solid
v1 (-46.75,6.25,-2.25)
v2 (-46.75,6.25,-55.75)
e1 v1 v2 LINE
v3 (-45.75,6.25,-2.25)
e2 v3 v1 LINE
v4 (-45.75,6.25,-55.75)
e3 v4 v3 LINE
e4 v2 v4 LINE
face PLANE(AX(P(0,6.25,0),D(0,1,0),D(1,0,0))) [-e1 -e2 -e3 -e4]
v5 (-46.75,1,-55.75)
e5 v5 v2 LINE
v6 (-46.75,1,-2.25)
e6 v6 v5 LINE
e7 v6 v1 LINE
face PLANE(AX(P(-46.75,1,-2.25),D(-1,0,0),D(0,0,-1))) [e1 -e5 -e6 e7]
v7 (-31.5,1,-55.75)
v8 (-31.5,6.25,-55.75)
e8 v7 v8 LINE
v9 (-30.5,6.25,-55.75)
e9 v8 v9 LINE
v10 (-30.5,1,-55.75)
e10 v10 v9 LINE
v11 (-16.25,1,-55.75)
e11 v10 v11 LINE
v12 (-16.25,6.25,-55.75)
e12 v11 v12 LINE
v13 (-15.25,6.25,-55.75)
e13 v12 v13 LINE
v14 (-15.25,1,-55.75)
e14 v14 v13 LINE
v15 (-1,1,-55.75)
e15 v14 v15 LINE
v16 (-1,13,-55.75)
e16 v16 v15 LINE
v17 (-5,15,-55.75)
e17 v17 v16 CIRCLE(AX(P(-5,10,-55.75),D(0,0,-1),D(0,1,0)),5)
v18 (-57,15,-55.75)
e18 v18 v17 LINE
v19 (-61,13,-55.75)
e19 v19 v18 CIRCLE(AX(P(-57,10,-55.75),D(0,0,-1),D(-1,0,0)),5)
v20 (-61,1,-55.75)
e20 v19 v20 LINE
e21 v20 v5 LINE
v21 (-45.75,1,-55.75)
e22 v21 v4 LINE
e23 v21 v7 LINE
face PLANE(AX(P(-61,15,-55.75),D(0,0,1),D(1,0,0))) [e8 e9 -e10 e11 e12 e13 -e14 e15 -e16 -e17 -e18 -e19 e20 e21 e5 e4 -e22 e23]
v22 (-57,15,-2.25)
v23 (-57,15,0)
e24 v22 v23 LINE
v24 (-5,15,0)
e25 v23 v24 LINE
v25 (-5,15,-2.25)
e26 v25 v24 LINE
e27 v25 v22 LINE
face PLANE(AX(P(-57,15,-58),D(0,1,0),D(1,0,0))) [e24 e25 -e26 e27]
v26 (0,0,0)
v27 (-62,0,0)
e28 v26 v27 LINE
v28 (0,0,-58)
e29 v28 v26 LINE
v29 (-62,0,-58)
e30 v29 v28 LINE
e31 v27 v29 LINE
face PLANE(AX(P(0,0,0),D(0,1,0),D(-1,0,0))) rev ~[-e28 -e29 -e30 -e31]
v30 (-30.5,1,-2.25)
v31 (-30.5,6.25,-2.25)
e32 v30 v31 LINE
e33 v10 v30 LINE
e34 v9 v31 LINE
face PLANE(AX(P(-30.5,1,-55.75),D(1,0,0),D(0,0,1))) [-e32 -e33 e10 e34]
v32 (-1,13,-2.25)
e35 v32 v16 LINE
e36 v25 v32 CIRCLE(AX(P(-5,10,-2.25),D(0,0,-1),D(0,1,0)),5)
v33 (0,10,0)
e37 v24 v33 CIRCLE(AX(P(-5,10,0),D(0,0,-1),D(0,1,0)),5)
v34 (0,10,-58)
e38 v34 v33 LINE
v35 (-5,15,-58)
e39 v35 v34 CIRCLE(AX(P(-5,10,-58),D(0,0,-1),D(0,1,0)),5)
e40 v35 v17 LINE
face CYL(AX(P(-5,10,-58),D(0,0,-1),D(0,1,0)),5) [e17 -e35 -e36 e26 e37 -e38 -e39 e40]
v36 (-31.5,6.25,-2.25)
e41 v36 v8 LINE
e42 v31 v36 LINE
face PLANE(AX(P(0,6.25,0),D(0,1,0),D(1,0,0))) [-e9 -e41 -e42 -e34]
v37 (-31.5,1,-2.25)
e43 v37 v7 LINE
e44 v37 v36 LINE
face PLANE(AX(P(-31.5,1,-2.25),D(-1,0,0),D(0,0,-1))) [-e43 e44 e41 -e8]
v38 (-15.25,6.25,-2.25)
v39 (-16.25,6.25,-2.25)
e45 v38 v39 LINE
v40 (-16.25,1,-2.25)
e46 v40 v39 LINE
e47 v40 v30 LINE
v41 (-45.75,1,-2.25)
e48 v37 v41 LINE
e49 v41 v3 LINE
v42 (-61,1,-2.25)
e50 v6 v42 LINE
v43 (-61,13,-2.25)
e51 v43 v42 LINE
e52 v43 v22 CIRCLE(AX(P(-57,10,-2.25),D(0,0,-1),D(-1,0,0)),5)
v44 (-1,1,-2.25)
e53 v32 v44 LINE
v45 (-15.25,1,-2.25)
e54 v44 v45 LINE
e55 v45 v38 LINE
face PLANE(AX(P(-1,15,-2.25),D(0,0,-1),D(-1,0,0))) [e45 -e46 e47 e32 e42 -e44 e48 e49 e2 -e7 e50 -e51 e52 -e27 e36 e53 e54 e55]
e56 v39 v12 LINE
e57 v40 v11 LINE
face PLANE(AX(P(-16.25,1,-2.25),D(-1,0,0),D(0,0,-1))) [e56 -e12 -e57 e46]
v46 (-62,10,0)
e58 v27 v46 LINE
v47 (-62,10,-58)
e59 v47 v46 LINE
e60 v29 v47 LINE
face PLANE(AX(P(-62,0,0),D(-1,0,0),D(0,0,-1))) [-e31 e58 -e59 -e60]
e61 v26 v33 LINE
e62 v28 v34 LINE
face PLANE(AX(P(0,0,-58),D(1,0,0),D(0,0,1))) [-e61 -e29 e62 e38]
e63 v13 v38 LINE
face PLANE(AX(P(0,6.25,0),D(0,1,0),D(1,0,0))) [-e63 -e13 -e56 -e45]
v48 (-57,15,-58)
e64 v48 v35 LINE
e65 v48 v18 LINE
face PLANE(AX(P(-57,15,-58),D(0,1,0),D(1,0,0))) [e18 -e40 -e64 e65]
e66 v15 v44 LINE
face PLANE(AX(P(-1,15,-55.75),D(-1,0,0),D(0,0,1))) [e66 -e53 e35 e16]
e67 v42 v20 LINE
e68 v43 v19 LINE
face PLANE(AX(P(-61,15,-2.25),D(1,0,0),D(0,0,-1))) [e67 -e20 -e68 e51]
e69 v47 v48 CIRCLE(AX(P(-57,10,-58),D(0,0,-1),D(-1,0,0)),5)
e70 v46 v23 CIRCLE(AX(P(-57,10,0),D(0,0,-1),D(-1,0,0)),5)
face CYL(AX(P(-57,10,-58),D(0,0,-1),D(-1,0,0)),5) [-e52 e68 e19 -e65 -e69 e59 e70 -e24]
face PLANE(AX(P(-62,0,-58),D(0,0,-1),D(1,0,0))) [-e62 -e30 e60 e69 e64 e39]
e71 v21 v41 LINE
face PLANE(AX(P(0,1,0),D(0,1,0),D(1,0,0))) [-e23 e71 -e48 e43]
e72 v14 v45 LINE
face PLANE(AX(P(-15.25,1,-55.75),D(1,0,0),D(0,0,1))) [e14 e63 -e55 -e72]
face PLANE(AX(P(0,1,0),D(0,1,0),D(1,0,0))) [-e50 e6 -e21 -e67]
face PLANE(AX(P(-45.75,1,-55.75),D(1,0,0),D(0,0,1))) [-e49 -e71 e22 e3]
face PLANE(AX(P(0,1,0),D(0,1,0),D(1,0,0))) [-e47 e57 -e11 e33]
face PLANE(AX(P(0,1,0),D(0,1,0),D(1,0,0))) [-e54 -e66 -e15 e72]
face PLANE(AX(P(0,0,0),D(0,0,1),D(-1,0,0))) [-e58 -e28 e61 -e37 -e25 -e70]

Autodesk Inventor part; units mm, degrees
ref_plane "YZ Plane" through (0, 0, 0) normal (1, 0, 0) x (0, 1, 0)
ref_plane "XZ Plane" through (0, 0, 0) normal (0, 1, 0) x (-1, 0, 0)
ref_plane "XY Plane" through (0, 0, 0) normal (0, 0, 1) x (1, 0, 0)
sketch "Sketch1" plane through (0, 0, 0) normal (0, 1, 0) x (-1, 0, 0)
  line L0 (0, 0) -> (62, 0)
  line L1 (62, 0) -> (62, -58)
  line L2 (62, -58) -> (0, -58)
  line L3 (0, -58) -> (0, 0)
  dimension "d0" = 62
  dimension "d1" = 58
extrude "Extrusion1" add sketch "Sketch1" along normal blind 15
sketch "Sketch2" plane through (0, 0, -58) normal (0, 0, -1) x (-1, 0, 0)
  line L0 (62, 0) -> (0, 0) projected
  line L1 (0, 0) -> (62, 0)
  line L2 (62, 0) -> (62, 10)
  line L3 (57, 15) -> (5, 15)
  line L4 (0, 10) -> (0, 0)
  arc A0 (5, 15) -> (0, 10) centre (5, 10) ccw
  arc A1 (62, 10) -> (57, 15) centre (57, 10) ccw
  line L5 (0, 10) -> (-2.4331, 10)
  line L6 (-2.4331, 10) -> (-2.4331, 19.594)
  line L7 (-2.4331, 19.594) -> (72.365, 19.594)
  line L8 (72.365, 19.594) -> (72.365, 10)
  line L9 (72.365, 10) -> (62, 10)
  point P0 (62, 15)
  dimension "d4" = 5
extrude "Extrusion2" cut sketch "Sketch2" against normal up to surface (58 mm away) contours A1 L3 A0 L5 L6 L7 L8 L9
sketch "Sketch3" plane through (0, 15, 0) normal (0, 1, 0) x (1, 0, 0)
  line L0 (-1, 2.25) -> (-61, 2.25)
  line L1 (-61, 2.25) -> (-61, 55.75)
  line L2 (-61, 55.75) -> (-1, 55.75)
  line L3 (-1, 55.75) -> (-1, 2.25)
  line L4 (-57, 0) -> (-5, 0) projected
  line L5 (-5, 58) -> (-57, 58) projected
  line L6 (-62, 0) -> (-62, 58) projected
  line L7 (0, 58) -> (0, 0) projected
  dimension "d7" = 2.25
  dimension "d8" = 2.25
  dimension "d9" = 1
  dimension "d10" = 1
extrude "Extrusion3" cut sketch "Sketch3" against normal blind 14
sketch "Sketch4" plane through (0, 1, 0) normal (0, 1, 0) x (1, 0, 0)
  line L0 (-5, 2.25) -> (-57, 2.25) projected
  line L1 (-57, 55.75) -> (-5, 55.75) projected
  line L2 (-15.25, 2.25) -> (-16.25, 2.25)
  line L3 (-16.25, 2.25) -> (-16.25, 55.75)
  line L4 (-16.25, 55.75) -> (-15.25, 55.75)
  line L5 (-15.25, 55.75) -> (-15.25, 2.25)
  line L6 (-30.5, 2.25) -> (-31.5, 2.25)
  line L7 (-31.5, 2.25) -> (-31.5, 55.75)
  line L8 (-31.5, 55.75) -> (-30.5, 55.75)
  line L9 (-30.5, 55.75) -> (-30.5, 2.25)
  line L10 (-45.75, 2.25) -> (-46.75, 2.25)
  line L11 (-46.75, 2.25) -> (-46.75, 55.75)
  line L12 (-46.75, 55.75) -> (-45.75, 55.75)
  line L13 (-45.75, 55.75) -> (-45.75, 2.25)
  line L14 (-61, 2.25) -> (-61, 55.75) projected
  line L15 (-1, 55.75) -> (-1, 2.25) projected
  point P0 (0, 0)
  dimension "d13" = 1
  dimension "d14" = 1
  dimension "d15" = 1
  dimension "d16" = 14.25
  dimension "d17" = 14.25
  dimension "d18" = 14.25
extrude "Extrusion4" add sketch "Sketch4" along normal blind 5.25 contours L0 L3 L1 L5 | L0 L7 L1 L9 | L0 L11 L1 L13
properties part number "RoughBatteryPack"
